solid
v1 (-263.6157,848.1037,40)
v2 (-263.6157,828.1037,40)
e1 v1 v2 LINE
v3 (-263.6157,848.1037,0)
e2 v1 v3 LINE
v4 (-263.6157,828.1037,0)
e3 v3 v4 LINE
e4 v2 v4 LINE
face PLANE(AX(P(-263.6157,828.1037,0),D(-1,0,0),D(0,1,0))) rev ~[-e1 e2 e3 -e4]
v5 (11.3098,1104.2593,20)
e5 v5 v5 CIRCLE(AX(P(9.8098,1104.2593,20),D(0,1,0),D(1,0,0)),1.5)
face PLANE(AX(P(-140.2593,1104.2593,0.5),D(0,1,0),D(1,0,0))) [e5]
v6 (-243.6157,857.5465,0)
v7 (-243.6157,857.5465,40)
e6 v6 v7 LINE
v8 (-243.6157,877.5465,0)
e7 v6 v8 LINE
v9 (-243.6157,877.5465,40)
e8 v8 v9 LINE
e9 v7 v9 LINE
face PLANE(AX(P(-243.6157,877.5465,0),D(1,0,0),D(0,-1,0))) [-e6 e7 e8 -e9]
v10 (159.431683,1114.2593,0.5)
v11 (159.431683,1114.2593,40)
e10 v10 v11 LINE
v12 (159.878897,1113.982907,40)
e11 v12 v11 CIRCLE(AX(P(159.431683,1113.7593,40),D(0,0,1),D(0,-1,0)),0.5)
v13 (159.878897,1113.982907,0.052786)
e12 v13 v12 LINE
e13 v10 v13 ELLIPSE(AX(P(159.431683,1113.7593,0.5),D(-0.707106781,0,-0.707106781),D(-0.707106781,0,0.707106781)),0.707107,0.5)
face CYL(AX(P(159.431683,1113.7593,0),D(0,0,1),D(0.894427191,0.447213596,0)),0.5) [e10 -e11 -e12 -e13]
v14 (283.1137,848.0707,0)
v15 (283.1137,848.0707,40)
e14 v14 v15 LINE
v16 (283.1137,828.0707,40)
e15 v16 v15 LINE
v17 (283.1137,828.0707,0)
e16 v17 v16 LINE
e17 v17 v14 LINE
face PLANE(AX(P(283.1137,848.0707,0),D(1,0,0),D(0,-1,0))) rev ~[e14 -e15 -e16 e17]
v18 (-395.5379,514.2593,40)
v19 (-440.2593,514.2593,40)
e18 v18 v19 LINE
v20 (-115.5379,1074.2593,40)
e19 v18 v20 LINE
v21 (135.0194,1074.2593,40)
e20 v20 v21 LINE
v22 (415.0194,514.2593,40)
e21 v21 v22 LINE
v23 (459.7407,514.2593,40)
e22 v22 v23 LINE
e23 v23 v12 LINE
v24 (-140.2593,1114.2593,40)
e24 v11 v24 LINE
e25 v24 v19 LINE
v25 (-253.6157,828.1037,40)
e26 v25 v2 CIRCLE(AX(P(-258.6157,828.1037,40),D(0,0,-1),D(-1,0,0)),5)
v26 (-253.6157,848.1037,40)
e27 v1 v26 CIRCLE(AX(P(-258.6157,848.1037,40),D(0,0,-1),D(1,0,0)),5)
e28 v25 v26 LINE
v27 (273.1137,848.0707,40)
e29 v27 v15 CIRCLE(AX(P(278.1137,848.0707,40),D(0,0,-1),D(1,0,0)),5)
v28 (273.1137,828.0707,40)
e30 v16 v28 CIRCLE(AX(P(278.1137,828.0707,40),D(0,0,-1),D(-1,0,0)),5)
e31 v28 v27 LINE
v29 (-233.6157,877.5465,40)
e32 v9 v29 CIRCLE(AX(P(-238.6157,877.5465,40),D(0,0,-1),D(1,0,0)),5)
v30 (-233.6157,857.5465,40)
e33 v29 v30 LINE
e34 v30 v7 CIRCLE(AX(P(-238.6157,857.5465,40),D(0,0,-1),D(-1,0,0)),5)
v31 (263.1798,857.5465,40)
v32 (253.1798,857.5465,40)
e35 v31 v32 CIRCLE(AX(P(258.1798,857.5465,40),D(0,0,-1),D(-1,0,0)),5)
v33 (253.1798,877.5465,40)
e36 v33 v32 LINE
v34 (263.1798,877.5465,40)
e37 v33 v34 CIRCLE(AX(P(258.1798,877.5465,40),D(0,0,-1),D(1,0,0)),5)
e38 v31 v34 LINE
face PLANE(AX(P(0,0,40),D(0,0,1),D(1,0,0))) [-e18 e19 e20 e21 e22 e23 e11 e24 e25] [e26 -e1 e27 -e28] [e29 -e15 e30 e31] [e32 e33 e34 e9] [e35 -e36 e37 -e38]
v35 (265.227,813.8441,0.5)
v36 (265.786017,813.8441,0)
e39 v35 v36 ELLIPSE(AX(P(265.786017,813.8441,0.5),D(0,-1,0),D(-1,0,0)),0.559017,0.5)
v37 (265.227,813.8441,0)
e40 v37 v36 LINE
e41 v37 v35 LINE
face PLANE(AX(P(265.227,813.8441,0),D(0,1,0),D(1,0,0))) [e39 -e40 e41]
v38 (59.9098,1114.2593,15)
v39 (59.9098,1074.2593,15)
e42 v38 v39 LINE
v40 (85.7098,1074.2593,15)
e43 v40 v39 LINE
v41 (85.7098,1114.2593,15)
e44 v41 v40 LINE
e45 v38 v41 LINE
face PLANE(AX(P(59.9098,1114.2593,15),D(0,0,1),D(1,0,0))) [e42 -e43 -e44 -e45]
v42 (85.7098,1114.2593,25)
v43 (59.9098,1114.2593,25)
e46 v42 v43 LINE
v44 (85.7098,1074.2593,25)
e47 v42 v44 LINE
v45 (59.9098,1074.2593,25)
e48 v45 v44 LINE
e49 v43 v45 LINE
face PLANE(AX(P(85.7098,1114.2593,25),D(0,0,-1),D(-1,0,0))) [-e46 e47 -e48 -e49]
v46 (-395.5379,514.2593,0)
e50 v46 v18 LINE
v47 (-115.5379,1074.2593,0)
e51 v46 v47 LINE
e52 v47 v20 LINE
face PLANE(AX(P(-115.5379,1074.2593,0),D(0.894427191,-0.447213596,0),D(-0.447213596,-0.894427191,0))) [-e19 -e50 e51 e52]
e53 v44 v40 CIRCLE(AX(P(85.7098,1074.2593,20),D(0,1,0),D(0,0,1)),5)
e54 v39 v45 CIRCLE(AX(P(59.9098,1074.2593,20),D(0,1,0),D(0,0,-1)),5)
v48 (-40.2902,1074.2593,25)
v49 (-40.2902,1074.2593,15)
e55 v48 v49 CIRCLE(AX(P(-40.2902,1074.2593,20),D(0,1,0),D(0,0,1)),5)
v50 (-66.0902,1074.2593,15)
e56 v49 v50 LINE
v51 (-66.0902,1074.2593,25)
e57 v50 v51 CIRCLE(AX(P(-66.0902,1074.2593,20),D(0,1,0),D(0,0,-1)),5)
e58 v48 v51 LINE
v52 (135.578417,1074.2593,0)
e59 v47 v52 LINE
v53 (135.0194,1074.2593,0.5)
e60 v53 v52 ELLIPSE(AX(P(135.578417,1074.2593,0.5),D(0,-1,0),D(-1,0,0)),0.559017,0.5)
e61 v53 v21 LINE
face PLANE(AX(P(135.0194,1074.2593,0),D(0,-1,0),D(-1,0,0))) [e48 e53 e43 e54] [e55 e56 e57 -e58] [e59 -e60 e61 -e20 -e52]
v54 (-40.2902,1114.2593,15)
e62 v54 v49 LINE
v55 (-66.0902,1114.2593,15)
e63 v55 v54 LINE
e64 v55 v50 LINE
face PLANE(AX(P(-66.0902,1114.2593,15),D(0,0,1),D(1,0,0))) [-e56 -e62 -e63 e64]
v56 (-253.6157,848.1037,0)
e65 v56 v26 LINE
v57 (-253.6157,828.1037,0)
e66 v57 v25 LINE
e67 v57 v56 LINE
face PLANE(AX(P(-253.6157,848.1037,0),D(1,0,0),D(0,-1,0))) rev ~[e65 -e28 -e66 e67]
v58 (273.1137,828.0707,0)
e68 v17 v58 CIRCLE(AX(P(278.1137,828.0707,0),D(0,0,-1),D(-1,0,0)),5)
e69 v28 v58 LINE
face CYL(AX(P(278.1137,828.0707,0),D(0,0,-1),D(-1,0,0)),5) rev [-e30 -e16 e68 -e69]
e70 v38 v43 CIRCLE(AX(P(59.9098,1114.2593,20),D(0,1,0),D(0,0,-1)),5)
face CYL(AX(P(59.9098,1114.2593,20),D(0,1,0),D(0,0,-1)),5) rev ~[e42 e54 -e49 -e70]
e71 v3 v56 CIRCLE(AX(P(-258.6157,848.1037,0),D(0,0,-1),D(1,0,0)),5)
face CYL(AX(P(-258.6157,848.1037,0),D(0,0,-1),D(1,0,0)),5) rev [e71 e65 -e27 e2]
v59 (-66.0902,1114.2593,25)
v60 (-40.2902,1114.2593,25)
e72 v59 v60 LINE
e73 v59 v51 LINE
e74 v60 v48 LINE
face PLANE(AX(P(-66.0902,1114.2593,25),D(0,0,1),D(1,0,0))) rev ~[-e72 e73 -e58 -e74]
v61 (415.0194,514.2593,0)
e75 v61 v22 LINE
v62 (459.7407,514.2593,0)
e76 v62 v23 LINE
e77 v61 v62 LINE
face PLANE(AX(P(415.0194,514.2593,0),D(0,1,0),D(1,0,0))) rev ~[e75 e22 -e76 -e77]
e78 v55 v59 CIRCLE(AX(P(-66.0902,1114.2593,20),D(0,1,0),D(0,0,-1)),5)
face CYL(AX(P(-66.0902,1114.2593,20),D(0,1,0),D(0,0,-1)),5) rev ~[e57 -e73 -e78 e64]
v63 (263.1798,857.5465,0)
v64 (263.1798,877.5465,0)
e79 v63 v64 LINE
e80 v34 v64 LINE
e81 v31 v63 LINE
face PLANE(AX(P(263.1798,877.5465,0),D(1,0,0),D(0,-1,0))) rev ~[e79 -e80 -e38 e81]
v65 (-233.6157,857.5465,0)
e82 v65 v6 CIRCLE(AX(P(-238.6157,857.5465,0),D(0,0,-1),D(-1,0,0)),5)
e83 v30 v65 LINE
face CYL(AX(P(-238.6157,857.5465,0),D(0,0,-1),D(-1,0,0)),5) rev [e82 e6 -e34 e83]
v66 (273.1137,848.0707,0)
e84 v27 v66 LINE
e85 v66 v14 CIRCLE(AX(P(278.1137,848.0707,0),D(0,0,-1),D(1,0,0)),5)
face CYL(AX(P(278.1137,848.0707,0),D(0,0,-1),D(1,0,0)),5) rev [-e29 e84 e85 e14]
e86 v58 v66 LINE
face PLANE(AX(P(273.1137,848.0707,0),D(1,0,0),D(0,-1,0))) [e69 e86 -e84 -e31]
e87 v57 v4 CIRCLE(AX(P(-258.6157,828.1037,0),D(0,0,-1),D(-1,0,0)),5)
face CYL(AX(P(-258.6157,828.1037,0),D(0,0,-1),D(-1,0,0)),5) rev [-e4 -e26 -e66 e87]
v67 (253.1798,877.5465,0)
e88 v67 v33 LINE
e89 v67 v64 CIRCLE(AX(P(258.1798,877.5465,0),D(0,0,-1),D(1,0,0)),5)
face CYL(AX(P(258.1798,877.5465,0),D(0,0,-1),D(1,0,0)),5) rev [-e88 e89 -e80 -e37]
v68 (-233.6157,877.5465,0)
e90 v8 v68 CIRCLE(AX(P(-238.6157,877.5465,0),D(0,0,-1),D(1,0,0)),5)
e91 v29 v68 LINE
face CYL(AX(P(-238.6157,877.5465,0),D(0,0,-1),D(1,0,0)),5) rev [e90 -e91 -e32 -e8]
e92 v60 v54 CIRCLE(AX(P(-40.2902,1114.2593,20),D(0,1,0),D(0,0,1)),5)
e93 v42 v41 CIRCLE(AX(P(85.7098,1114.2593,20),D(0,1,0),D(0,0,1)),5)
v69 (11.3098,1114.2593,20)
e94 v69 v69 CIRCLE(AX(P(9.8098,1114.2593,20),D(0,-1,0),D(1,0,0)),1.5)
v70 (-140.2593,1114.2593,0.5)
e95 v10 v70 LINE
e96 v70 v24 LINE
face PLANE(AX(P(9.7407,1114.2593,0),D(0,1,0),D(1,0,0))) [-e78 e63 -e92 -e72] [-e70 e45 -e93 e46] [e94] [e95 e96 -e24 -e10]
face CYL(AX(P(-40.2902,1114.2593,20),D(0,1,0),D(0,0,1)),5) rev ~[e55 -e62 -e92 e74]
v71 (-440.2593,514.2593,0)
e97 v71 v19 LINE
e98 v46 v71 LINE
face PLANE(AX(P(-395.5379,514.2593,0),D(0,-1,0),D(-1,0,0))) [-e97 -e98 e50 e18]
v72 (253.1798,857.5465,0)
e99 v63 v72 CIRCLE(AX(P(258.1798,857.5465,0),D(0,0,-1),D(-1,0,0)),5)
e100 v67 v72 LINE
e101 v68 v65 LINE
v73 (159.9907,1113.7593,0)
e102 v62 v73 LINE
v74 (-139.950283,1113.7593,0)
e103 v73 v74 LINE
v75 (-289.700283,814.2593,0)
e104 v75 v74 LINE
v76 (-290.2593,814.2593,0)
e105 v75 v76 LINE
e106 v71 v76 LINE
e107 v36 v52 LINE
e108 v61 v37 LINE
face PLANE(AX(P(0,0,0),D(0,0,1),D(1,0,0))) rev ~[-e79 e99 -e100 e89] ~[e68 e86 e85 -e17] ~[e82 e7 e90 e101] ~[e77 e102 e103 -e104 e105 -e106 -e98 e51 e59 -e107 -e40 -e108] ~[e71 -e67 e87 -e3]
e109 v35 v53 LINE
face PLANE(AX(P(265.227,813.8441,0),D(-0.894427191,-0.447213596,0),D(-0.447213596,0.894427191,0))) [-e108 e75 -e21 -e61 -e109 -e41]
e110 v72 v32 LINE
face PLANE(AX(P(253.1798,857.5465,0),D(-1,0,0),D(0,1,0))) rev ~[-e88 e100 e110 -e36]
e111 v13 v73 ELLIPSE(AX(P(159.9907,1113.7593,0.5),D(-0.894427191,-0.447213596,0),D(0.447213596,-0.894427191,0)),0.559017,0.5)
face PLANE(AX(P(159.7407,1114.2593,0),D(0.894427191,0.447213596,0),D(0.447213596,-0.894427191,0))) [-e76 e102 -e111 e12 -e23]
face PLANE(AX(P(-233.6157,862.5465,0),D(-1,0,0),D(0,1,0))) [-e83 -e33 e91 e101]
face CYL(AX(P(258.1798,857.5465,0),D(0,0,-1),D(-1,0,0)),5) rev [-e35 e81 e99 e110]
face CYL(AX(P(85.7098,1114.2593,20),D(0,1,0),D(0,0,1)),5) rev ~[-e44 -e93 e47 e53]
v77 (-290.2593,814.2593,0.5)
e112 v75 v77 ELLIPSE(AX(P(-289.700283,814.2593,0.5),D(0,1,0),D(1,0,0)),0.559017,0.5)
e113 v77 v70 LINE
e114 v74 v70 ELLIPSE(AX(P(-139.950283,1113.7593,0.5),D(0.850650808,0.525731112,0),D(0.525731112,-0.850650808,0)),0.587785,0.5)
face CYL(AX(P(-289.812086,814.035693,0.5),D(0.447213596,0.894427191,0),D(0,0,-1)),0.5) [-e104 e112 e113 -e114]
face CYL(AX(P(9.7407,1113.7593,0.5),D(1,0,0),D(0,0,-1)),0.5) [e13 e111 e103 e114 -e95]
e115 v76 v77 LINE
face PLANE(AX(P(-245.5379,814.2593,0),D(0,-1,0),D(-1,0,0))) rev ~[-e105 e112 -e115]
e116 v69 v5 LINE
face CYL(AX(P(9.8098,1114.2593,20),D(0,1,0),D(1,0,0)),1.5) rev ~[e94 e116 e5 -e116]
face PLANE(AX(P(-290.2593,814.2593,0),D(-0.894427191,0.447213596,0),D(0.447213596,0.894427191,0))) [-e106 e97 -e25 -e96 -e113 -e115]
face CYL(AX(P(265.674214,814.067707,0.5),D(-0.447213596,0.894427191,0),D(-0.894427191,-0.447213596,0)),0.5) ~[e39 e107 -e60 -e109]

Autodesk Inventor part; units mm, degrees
ref_plane "YZ Plane" through (0, 0, 0) normal (1, 0, 0) x (0, 1, 0)
ref_plane "XZ Plane" through (0, 0, 0) normal (0, 1, 0) x (-1, 0, 0)
ref_plane "XY Plane" through (0, 0, 0) normal (0, 0, 1) x (1, 0, 0)
sketch "Sketch1" plane through (0, 0, 0) normal (0, 0, 1) x (1, 0, 0)
  line L0 (9.7407, 1114.2593) -> (159.7407, 1114.2593)
  line L1 (9.7407, 1114.2593) -> (-140.2593, 1114.2593)
  line L2 (-290.2593, 814.2593) -> (-140.2593, 1114.2593)
  line L3 (159.7407, 1114.2593) -> (459.7407, 514.2593)
  line L4 (135.0194, 1074.2593) -> (9.7407, 1074.2593)
  line L5 (9.7407, 1074.2593) -> (-115.5379, 1074.2593)
  line L6 (-115.5379, 1074.2593) -> (-245.5379, 814.2593)
  line L7 (9.7407, 1114.2593) -> (159.7407, 1114.2593)
  line L8 (9.7407, 1114.2593) -> (-140.2593, 1114.2593)
  line L9 (-440.2593, 514.2593) -> (-140.2593, 1114.2593)
  line L10 (159.7407, 1114.2593) -> (309.9483, 813.8441)
  line L11 (135.0194, 1074.2593) -> (9.7407, 1074.2593)
  line L12 (9.7407, 1074.2593) -> (-115.5379, 1074.2593)
  line L13 (-115.5379, 1074.2593) -> (-245.5379, 814.2593)
  line L14 (-245.5379, 814.2593) -> (-290.2593, 814.2593)
  line L15 (265.227, 813.8441) -> (309.9483, 813.8441)
  line L16 (265.227, 813.8441) -> (135.0194, 1074.2593)
  line L17 (415.0194, 514.2593) -> (135.0194, 1074.2593)
  line L18 (-395.5379, 514.2593) -> (-440.2593, 514.2593)
  line L19 (-245.5379, 814.2593) -> (-395.5379, 514.2593)
  line L20 (-440.2593, 514.2593) -> (-395.5379, 514.2593)
  line L21 (415.0194, 514.2593) -> (459.7407, 514.2593)
  point P0 (0, 0)
  dimension "d13" = 300
extrude "Extrusion1" add sketch "Sketch1" along normal blind 40 contours L0 L3 L15 L16 L4 L5 L6 L14 L2 L1
fillet "Fillet2" radius 0.5 1 edges at (200.1232, 944.0517, 0)
fillet "Fillet3" radius 0.5 3 edges at (159.7407, 1114.2593, 20) (84.7407, 1114.2593, 0) (-215.2593, 964.2593, 0)
sketch "Sketch2" plane through (-140.2593, 1114.2593, 0.5) normal (0, 1, 0) x (1, 0, 0)
  line L0 (300.1382, -39.5) -> (300.1382, 0.4472) projected
  line L1 (300.1382, -19.5) -> (0, -19.5)
  line L2 (0, 0) -> (0, -39.5) projected
  circle A0 centre (150.0691, -19.5) radius 1.5
  point P0 (140.2593, 0.5)
  point P1 (300.1382, -39)
  point P2 (300.1382, 0)
  point P3 (0, -39)
  dimension "d14" = 3
extrude "Extrusion2" cut sketch "Sketch2" against normal blind 10
extrude "Extrusion3" add sketch "Sketch1" along normal blind 40 contours L3 L21 L17 L15 | L14 L19 L18 L9
sketch "Sketch3" plane through (-140.2593, 1114.2593, 0.5) normal (0, 1, 0) x (1, 0, 0)
  point P0 (140.2593, 0.5)
sketch "Sketch4" plane through (-140.2593, 1114.2593, 0.5) normal (0, 1, 0) x (1, 0, 0)
  circle A0 centre (150.0691, -19.5) radius 1.5 projected
  line L0 (0, 0) -> (299.691, 0) projected
  line L1 (0, 0) -> (0, -39.5) projected
  line L2 (299.691, 0) -> (299.691, -39.5) projected
  line L3 (200.1691, -14.5) -> (225.9691, -14.5) projected
  line L4 (225.9691, -24.5) -> (200.1691, -24.5) projected
  arc A1 (225.9691, -24.5) -> (225.9691, -14.5) centre (225.9691, -19.5) ccw projected
  arc A2 (200.1691, -14.5) -> (200.1691, -24.5) centre (200.1691, -19.5) ccw projected
  arc A3 (74.1691, -14.5) -> (74.1691, -24.5) centre (74.1691, -19.5) ccw projected
  line L5 (74.1691, -14.5) -> (99.9691, -14.5) projected
  line L6 (74.1691, -24.5) -> (99.9691, -24.5) projected
  arc A4 (99.9691, -24.5) -> (99.9691, -14.5) centre (99.9691, -19.5) ccw projected
  line L7 (299.691, -39.5) -> (0, -39.5) projected
  point P0 (140.2593, 0.5)
extrude "Extrusion4" cut sketch "Sketch4" against normal blind 50 contours L3 A1 L4 A2 | L5 A4 L6 A3
sketch "Esboço5" plane through (0, 0, 0) normal (0, 0, 1) x (1, 0, 0)
  line L0 (159.4317, 1114.2593) -> (-140.2593, 1114.2593) projected
  line L1 (-94.9789, 1114.2593) -> (-94.9789, 897.5465)
  line L2 (-94.9789, 897.5465) -> (-260.935, 897.5465)
  line L3 (-290.2593, 814.2593) -> (-140.2593, 1114.2593) projected
  line L4 (-250.2227, 877.5465) -> (-250.2227, 857.5465)
  line L5 (265.227, 813.8441) -> (135.0194, 1074.2593) projected
  line L6 (223.3758, 897.5465) -> (233.3758, 897.5465)
  line L7 (233.3758, 897.5465) -> (233.3758, 882.5465)
  line L8 (-94.9789, 897.5465) -> (445.9224, 897.5465)
  line L9 (268.1798, 897.5465) -> (258.1798, 897.5465)
  line L10 (268.1798, 897.5465) -> (258.1798, 897.5465)
  line L11 (258.1798, 897.5465) -> (258.1798, 882.5465)
  line L12 (258.1798, 882.5465) -> (258.1798, 877.5465)
  line L13 (258.1798, 862.5465) -> (258.1798, 857.5465)
  line L14 (258.1798, 857.5465) -> (258.1798, 852.5465)
  arc A0 (253.1798, 857.5465) -> (263.1798, 857.5465) centre (258.1798, 857.5465) ccw
  arc A1 (263.1798, 877.5465) -> (253.1798, 877.5465) centre (258.1798, 877.5465) ccw
  line L15 (263.1798, 877.5465) -> (263.1798, 857.5465)
  line L16 (253.1798, 857.5465) -> (253.1798, 877.5465)
  line L17 (-248.6157, 897.5465) -> (-293.337, 808.1037)
  line L18 (268.1798, 897.5465) -> (312.835, 808.0707)
  line L19 (459.7407, 514.2593) -> (159.9907, 1113.7593) projected
  line L20 (-293.337, 808.1037) -> (-248.6157, 808.1037)
  line L21 (-395.5379, 514.2593) -> (-115.5379, 1074.2593) projected
  line L22 (-248.6157, 808.1037) -> (-258.6157, 808.1037)
  line L23 (-258.6157, 808.1037) -> (-258.6157, 823.1037)
  line L24 (-258.6157, 823.1037) -> (-258.6157, 828.1037)
  line L25 (-258.6157, 848.1037) -> (-258.6157, 853.1037)
  arc A2 (-253.6157, 848.1037) -> (-263.6157, 848.1037) centre (-258.6157, 848.1037) ccw
  arc A3 (-263.6157, 828.1037) -> (-253.6157, 828.1037) centre (-258.6157, 828.1037) ccw
  line L26 (-263.6157, 828.1037) -> (-263.6157, 848.1037)
  line L27 (-253.6157, 848.1037) -> (-253.6157, 828.1037)
  line L28 (-258.6157, 828.1037) -> (-258.6157, 833.1037)
  line L29 (-258.6157, 843.1037) -> (-258.6157, 848.1037)
  line L30 (312.835, 808.0707) -> (268.1137, 808.0707)
  line L31 (135.0194, 1074.2593) -> (415.0194, 514.2593) projected
  line L32 (268.1137, 808.0707) -> (278.1137, 808.0707)
  line L33 (278.1137, 808.0707) -> (278.1137, 823.0707)
  line L34 (278.1137, 823.0707) -> (278.1137, 828.0707)
  line L35 (278.1137, 848.0707) -> (278.1137, 853.0707)
  arc A4 (283.1137, 848.0707) -> (273.1137, 848.0707) centre (278.1137, 848.0707) ccw
  arc A5 (273.1137, 828.0707) -> (283.1137, 828.0707) centre (278.1137, 828.0707) ccw
  line L36 (273.1137, 848.0707) -> (273.1137, 828.0707)
  line L37 (283.1137, 848.0707) -> (283.1137, 828.0707)
  line L38 (278.1137, 828.0707) -> (278.1137, 833.0707)
  line L39 (278.1137, 843.0707) -> (278.1137, 848.0707)
  line L40 (-238.6157, 882.5465) -> (-238.6157, 862.5465)
  line L41 (-233.6157, 862.5465) -> (-233.6157, 882.5465)
  line L42 (-243.6157, 882.5465) -> (-243.6157, 862.5465)
  line L43 (-248.6157, 897.5465) -> (-238.6157, 897.5465)
  line L44 (-238.6157, 897.5465) -> (-238.6157, 882.5465)
  line L45 (-293.337, 808.1037) -> (-248.6157, 808.1037)
  line L46 (-248.6157, 897.5465) -> (-238.6157, 897.5465)
  line L47 (-238.6157, 897.5465) -> (-238.6157, 882.5465)
  line L48 (-238.6157, 882.5465) -> (-238.6157, 877.5465)
  line L49 (-238.6157, 857.5465) -> (-238.6157, 852.5465)
  arc A6 (-243.6157, 857.5465) -> (-233.6157, 857.5465) centre (-238.6157, 857.5465) ccw
  arc A7 (-233.6157, 877.5465) -> (-243.6157, 877.5465) centre (-238.6157, 877.5465) ccw
  line L50 (-243.6157, 877.5465) -> (-243.6157, 857.5465)
  line L51 (-233.6157, 857.5465) -> (-233.6157, 877.5465)
  line L52 (-238.6157, 877.5465) -> (-238.6157, 872.5465)
  line L53 (-238.6157, 862.5465) -> (-238.6157, 857.5465)
  point P0 (0, 0)
  dimension "d23" = 216.7128
  dimension "d33" = 10
  dimension "d34" = 15
  dimension "d35" = 5
  dimension "d37" = 20
  dimension "d38" = 5
  dimension "d39" = 10
  dimension "d40" = 100
  dimension "d41" = 100
  dimension "d42" = 10
  dimension "d43" = 15
  dimension "d44" = 5
  dimension "d45" = 20
  dimension "d46" = 5
  dimension "d47" = 10
  dimension "d48" = 10
  dimension "d49" = 10
  dimension "d50" = 15
  dimension "d51" = 5
  dimension "d52" = 20
  dimension "d53" = 5
  dimension "d54" = 10
  dimension "d55" = 10
  dimension "d69" = 10
  dimension "d70" = 15
  dimension "d71" = 5
  dimension "d72" = 20
  dimension "d73" = 5
  dimension "d74" = 10
  dimension "d75" = 10
extrude "Extrusão5" cut sketch "Esboço5" along normal mid plane 1000 contours A5 L36 A4 L37 | A1 L15 A0 L16 | A3 L26 A2 L27 | A7 L41 L51 A6 L49 L53 L40 | L40 L53 L49 A6 L50 L42 A7
sketch "Esboço8" plane through (0, 0, 40) normal (0, 0, 1) x (1, 0, 0)
  point P0 (0, 0)
properties part number "Cavalete_Inferior" material "SAE 1010/1020"
